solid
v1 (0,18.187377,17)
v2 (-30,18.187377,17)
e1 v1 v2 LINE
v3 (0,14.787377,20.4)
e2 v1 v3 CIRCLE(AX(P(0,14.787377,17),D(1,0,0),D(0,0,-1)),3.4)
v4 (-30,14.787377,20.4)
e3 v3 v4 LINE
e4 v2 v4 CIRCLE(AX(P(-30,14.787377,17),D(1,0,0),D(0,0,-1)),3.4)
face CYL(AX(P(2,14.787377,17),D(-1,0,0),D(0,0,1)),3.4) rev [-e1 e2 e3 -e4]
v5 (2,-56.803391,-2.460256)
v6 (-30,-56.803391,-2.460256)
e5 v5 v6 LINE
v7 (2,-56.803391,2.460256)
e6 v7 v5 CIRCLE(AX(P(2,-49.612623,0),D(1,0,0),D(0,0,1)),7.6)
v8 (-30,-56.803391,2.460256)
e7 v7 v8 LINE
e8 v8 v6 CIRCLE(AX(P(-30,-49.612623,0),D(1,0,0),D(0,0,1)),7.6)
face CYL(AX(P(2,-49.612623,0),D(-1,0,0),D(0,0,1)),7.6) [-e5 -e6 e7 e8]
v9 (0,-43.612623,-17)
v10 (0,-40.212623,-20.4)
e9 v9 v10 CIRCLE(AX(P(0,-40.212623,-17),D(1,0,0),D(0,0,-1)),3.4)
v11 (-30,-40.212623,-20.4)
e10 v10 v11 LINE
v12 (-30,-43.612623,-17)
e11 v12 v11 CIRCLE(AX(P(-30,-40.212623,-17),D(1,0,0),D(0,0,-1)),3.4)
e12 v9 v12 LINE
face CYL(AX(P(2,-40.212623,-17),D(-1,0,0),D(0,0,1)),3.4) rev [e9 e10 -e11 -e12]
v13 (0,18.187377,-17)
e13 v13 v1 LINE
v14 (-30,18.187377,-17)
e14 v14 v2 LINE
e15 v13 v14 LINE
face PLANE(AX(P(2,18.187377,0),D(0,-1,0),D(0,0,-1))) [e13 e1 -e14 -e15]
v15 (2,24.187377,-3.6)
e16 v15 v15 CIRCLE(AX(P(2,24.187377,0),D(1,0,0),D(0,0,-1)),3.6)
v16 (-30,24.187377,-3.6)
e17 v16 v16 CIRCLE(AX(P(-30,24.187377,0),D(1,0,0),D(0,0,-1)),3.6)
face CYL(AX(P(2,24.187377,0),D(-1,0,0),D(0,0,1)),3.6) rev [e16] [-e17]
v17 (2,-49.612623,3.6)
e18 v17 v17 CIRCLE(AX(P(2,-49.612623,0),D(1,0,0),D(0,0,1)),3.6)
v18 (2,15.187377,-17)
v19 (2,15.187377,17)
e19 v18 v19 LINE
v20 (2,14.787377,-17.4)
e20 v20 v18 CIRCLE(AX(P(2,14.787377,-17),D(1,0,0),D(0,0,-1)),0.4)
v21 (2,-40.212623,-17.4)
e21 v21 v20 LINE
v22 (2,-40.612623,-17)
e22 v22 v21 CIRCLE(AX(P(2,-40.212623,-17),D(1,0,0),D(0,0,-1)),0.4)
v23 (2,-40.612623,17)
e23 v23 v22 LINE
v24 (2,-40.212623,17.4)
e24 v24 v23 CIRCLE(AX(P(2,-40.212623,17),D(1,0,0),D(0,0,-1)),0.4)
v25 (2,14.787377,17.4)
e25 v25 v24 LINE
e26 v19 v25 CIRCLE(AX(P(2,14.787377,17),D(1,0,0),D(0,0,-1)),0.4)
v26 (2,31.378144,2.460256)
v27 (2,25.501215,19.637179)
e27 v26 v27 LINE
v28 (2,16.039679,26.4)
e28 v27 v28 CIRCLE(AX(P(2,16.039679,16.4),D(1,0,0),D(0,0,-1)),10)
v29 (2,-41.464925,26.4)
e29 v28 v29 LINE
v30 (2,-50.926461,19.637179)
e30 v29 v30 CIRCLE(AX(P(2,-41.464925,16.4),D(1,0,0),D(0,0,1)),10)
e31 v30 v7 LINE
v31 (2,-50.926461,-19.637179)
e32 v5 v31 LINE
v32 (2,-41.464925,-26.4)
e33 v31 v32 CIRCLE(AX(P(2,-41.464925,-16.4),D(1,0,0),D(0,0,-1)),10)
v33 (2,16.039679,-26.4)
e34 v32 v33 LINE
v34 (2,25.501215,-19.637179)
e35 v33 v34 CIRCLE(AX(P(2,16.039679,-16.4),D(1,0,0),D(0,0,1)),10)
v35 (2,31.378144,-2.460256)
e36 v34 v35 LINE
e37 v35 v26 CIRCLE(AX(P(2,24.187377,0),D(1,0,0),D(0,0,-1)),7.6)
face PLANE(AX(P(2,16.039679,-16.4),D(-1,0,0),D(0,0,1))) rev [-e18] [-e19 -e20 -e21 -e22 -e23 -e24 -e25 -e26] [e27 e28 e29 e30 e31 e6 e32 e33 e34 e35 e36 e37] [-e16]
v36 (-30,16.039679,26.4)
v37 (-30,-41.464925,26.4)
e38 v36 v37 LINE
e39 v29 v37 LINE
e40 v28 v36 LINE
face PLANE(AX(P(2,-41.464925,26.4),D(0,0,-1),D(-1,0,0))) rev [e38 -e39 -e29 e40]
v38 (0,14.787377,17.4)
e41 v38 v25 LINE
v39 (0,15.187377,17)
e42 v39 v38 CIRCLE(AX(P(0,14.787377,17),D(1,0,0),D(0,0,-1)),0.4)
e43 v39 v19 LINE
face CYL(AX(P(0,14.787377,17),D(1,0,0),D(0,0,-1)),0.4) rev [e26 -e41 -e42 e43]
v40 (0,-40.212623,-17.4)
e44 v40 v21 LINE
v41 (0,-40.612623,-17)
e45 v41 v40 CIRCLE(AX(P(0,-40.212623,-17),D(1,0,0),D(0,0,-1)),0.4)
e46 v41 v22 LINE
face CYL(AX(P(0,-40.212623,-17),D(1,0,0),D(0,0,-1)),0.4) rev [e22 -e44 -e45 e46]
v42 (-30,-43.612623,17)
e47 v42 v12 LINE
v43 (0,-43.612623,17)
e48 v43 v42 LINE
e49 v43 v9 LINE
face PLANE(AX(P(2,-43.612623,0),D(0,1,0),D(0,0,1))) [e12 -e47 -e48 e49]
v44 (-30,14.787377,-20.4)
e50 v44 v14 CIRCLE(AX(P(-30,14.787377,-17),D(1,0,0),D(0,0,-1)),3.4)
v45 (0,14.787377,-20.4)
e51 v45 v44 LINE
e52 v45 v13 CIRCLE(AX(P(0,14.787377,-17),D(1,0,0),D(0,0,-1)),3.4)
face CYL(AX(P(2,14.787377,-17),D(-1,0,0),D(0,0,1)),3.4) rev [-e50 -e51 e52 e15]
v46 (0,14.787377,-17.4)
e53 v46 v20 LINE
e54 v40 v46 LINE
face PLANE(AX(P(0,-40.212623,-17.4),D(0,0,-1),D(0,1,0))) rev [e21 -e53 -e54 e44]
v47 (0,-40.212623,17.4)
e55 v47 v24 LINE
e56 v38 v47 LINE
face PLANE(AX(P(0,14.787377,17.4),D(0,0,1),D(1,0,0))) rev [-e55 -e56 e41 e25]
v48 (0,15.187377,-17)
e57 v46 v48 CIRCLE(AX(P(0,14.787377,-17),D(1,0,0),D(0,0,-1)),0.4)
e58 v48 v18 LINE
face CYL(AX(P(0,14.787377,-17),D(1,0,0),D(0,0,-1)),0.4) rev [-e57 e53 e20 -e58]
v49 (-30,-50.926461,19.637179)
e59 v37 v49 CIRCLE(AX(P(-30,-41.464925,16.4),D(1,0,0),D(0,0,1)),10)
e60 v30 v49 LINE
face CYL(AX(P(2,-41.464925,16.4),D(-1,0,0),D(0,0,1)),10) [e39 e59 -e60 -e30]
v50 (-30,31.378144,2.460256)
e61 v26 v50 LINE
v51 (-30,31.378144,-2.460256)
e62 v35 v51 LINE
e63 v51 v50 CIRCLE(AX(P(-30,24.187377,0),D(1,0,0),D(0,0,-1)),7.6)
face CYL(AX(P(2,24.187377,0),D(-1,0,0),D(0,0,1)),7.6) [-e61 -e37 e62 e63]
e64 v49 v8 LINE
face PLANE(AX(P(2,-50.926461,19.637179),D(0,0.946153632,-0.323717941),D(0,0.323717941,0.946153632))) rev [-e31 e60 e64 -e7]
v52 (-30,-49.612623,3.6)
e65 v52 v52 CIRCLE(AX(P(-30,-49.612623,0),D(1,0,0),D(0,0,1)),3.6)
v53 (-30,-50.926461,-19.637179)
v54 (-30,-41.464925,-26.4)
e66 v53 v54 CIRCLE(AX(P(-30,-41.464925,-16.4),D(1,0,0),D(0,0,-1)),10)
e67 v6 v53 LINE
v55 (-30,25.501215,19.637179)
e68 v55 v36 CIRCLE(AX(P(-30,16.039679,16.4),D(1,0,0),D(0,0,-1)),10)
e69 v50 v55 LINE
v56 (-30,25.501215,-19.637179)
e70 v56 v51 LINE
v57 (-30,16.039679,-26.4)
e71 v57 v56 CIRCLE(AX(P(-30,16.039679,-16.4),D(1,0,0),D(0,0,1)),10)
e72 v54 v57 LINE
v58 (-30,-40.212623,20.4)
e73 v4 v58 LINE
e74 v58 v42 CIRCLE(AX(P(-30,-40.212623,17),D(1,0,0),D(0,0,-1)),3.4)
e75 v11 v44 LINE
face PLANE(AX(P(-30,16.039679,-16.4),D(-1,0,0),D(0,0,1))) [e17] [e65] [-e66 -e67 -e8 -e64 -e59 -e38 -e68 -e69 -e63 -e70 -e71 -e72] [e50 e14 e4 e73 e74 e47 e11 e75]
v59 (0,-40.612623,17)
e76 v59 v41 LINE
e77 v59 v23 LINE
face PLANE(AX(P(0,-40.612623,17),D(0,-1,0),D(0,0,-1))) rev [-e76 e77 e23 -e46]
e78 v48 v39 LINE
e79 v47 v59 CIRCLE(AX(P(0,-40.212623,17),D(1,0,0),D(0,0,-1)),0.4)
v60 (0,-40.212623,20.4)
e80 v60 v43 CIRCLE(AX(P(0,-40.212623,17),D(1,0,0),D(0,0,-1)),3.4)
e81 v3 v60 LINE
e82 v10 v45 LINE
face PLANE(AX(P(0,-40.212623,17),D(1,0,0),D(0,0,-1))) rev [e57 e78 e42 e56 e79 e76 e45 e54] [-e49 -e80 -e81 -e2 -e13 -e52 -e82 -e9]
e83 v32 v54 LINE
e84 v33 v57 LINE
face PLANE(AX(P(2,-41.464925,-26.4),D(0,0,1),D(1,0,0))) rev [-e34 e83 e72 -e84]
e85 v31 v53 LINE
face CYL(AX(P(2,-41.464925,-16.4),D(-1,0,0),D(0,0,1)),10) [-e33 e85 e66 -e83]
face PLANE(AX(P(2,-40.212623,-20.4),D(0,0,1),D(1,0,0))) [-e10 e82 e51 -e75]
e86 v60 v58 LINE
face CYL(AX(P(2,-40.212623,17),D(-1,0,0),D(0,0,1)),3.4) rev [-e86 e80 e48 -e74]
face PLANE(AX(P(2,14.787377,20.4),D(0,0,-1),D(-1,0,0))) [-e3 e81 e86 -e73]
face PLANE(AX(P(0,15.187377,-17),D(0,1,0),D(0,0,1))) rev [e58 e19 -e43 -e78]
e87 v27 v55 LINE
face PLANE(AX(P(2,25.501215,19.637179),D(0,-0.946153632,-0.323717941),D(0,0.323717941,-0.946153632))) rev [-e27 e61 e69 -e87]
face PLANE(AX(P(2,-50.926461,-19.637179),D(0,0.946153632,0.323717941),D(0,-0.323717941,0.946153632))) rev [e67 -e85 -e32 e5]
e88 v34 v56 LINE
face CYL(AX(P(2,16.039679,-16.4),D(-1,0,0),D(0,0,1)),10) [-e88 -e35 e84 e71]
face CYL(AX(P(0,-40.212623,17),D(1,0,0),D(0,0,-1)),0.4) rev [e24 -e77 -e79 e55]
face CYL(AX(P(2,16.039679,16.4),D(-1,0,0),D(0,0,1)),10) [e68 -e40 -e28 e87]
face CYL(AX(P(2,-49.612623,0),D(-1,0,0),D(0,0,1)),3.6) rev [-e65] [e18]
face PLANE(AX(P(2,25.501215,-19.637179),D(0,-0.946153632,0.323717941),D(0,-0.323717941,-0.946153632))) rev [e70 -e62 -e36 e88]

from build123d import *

# Parameters (mm, degrees)
SALIENTE_EXTRUIR1_DEPTH      = 2
SALIENTE_EXTRUIR1_DEPTH_BACK = 30
CROQUIS2_R                   = 3.6
SALIENTE_EXTRUIR2_START      = -2
SALIENTE_EXTRUIR2_DEPTH      = 2


with BuildPart() as part:
    # Croquis2 → Saliente-Extruir1 (new, two sides: drawn at the far end of the back side and taken through both)
    with BuildSketch(Plane(origin=(0, 0, 0), x_dir=(0, 0, -1), z_dir=(1, 0, 0)).offset(-SALIENTE_EXTRUIR1_DEPTH_BACK)):
        with BuildLine():
            Line((-26.4, -41.464925013), (-26.4, 16.039678623))
            ThreePointArc((-26.4, 16.039678623), (-24.535471531, 21.85466813), (-19.637179406, 25.501214941))
            Line((-19.637179406, 25.501214941), (-2.460256349, 31.378144407))
            ThreePointArc((-2.460256349, 31.378144407), (0, 31.787376805), (2.460256349, 31.378144407))
            Line((2.460256349, 31.378144407), (19.637179406, 25.501214941))
            ThreePointArc((19.637179406, 25.501214941), (24.535471531, 21.85466813), (26.4, 16.039678623))
            Line((26.4, 16.039678623), (26.4, -41.464925013))
            ThreePointArc((26.4, -41.464925013), (24.535471531, -47.27991452), (19.637179406, -50.92646133))
            Line((19.637179406, -50.92646133), (2.460256349, -56.803390796))
            ThreePointArc((2.460256349, -56.803390796), (0, -57.212623195), (-2.460256349, -56.803390796))
            Line((-2.460256349, -56.803390796), (-19.637179406, -50.92646133))
            ThreePointArc((-19.637179406, -50.92646133), (-24.535471531, -47.27991452), (-26.4, -41.464925013))
        make_face()
        with Locations((0, 24.187376805)):
            Circle(CROQUIS2_R, mode=Mode.SUBTRACT)
        with Locations(Location((0, -49.612623195, 0), (0, 0, 180))):
            Circle(CROQUIS2_R, mode=Mode.SUBTRACT)
        with BuildLine():
            Line((20.4, -40.212623195), (20.4, 14.787376805))
            ThreePointArc((20.4, 14.787376805), (19.404163056, 17.191539861), (17, 18.187376805))
            Line((17, 18.187376805), (0, 18.187376805))
            Line((0, 18.187376805), (-17, 18.187376805))
            ThreePointArc((-17, 18.187376805), (-19.404163056, 17.191539861), (-20.4, 14.787376805))
            Line((-20.4, 14.787376805), (-20.4, -40.212623195))
            ThreePointArc((-20.4, -40.212623195), (-19.404163056, -42.616786251), (-17, -43.612623195))
            Line((-17, -43.612623195), (0, -43.612623195))
            Line((0, -43.612623195), (17, -43.612623195))
            ThreePointArc((17, -43.612623195), (19.404163056, -42.616786251), (20.4, -40.212623195))
        make_face(mode=Mode.SUBTRACT)
    extrude(amount=SALIENTE_EXTRUIR1_DEPTH + SALIENTE_EXTRUIR1_DEPTH_BACK)

    # Croquis3 → Saliente-Extruir2 (add)
    with BuildSketch(Plane(origin=(2, 0, 0), x_dir=(0, 0, -1), z_dir=(1, 0, 0)).offset(SALIENTE_EXTRUIR2_START)):
        with BuildLine():
            Line((-17, -43.612623195), (17, -43.612623195))
            ThreePointArc((17, -43.612623195), (19.404163056, -42.616786251), (20.4, -40.212623195))
            Line((20.4, -40.212623195), (20.4, 14.787376805))
            ThreePointArc((20.4, 14.787376805), (19.404163056, 17.191539861), (17, 18.187376805))
            Line((17, 18.187376805), (-17, 18.187376805))
            ThreePointArc((-17, 18.187376805), (-19.404163056, 17.191539861), (-20.4, 14.787376805))
            Line((-20.4, 14.787376805), (-20.4, -40.212623195))
            ThreePointArc((-20.4, -40.212623195), (-19.404163056, -42.616786251), (-17, -43.612623195))
        make_face()
        with BuildLine():
            Line((-17, -40.612623195), (17, -40.612623195))
            ThreePointArc((17, -40.612623195), (17.282842712, -40.495465907), (17.4, -40.212623195))
            Line((17.4, -40.212623195), (17.4, 14.787376805))
            ThreePointArc((17.4, 14.787376805), (17.282842712, 15.070219518), (17, 15.187376805))
            Line((17, 15.187376805), (-17, 15.187376805))
            ThreePointArc((-17, 15.187376805), (-17.282842712, 15.070219518), (-17.4, 14.787376805))
            Line((-17.4, 14.787376805), (-17.4, -40.212623195))
            ThreePointArc((-17.4, -40.212623195), (-17.282842712, -40.495465907), (-17, -40.612623195))
        make_face(mode=Mode.SUBTRACT)
    extrude(amount=SALIENTE_EXTRUIR2_DEPTH)


solid = part.part
